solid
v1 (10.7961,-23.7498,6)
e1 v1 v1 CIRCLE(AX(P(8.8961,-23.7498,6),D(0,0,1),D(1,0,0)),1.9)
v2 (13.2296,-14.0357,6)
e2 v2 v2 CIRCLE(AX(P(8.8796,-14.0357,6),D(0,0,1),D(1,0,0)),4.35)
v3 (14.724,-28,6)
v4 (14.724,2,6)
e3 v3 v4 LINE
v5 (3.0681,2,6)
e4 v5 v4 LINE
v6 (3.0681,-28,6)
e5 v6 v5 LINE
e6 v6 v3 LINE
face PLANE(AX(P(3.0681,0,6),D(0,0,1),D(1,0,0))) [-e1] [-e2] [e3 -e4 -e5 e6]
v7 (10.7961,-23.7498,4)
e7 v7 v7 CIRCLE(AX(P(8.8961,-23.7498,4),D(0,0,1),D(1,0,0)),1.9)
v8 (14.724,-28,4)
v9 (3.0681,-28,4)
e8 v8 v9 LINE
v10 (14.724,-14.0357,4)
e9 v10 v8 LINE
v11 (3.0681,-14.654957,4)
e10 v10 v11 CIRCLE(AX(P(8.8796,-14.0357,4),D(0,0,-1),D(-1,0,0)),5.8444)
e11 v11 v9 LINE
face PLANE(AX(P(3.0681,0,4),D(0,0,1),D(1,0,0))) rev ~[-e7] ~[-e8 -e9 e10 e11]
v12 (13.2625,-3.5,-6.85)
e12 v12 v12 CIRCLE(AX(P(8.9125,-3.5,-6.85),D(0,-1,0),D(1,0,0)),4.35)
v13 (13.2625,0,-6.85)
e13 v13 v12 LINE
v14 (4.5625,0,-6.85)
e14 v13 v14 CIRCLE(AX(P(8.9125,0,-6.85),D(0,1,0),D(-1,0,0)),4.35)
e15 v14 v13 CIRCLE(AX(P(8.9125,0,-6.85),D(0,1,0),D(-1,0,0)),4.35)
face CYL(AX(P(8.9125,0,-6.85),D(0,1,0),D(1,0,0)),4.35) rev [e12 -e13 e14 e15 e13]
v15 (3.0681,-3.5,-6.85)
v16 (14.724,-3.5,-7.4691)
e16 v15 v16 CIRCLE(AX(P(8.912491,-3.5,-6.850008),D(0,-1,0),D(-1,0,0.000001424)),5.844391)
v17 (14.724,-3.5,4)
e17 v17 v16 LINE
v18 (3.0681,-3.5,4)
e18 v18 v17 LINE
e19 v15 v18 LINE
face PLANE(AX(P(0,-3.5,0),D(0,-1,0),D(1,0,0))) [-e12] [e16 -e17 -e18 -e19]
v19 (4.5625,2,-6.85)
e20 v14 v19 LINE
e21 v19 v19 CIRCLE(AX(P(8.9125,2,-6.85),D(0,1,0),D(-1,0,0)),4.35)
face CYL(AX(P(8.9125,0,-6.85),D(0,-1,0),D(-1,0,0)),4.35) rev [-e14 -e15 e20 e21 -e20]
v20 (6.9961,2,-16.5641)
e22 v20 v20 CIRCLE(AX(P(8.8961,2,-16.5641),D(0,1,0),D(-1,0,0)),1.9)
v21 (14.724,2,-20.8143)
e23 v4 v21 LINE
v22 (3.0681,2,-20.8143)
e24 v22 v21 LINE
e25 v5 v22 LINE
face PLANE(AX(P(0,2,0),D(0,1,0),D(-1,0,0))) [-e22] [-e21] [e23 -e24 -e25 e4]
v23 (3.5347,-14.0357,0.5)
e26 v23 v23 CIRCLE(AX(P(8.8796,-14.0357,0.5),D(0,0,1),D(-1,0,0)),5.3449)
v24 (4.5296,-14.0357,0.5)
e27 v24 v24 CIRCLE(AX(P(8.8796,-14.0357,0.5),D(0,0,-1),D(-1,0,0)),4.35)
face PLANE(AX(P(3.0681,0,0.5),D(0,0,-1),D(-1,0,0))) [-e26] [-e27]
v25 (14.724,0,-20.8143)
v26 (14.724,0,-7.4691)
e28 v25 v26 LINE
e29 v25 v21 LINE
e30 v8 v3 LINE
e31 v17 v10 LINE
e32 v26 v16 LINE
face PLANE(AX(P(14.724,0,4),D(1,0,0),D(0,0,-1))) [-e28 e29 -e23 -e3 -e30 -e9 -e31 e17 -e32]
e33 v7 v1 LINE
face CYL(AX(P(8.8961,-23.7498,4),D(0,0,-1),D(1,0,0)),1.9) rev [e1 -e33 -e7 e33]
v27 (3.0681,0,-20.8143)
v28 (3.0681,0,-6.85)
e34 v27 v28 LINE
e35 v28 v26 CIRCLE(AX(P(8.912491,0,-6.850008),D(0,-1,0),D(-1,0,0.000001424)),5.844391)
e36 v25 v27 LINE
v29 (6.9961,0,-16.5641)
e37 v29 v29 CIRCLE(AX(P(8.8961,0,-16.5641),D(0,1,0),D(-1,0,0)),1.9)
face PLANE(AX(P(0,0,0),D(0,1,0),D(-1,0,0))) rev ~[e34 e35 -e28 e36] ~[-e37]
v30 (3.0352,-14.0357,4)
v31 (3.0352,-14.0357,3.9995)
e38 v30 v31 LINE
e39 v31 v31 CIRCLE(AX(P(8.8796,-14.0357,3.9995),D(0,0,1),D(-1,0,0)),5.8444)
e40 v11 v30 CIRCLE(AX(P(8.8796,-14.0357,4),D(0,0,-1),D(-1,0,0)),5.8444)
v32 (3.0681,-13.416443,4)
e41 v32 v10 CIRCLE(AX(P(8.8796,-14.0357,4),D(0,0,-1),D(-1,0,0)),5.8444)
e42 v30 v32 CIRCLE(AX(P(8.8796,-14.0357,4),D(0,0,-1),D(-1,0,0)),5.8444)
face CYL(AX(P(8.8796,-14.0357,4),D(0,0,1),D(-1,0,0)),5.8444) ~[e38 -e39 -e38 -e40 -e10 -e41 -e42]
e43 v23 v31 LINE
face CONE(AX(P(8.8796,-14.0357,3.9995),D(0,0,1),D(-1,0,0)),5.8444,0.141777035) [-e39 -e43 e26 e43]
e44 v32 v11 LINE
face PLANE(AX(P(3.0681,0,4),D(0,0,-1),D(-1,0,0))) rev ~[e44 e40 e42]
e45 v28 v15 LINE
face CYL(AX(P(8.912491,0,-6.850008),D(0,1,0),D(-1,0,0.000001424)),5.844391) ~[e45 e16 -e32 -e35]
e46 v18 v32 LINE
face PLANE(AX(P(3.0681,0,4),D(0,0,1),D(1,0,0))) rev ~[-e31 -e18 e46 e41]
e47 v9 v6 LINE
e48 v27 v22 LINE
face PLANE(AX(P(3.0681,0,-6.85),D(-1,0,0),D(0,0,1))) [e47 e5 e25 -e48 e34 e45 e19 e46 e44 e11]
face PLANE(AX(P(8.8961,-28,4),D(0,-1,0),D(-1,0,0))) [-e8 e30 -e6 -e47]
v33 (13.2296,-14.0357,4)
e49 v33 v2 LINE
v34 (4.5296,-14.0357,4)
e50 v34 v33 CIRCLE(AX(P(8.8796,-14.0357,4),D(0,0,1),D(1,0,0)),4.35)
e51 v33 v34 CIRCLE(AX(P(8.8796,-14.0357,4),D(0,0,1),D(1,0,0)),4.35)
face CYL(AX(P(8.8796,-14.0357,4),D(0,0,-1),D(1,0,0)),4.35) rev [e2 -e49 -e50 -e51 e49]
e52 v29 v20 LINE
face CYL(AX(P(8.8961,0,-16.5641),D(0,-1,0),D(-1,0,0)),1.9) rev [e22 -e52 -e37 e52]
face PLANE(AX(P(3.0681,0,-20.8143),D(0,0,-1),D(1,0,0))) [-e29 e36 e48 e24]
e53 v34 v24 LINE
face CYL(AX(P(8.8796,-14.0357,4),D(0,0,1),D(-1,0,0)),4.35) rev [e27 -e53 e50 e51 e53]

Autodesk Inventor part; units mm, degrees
ref_plane "YZ Plane" through (0, 0, 0) normal (1, 0, 0) x (0, 1, 0)
ref_plane "XZ Plane" through (0, 0, 0) normal (0, 1, 0) x (-1, 0, 0)
ref_plane "XY Plane" through (0, 0, 0) normal (0, 0, 1) x (1, 0, 0)
sketch "Sketch1" plane through (0, 0, 0) normal (0, 1, 0) x (-1, 0, 0)
  line L0 (-2.2837, -0.9982) -> (0.008, -0.7055) construction
  line L1 (2.6844, -8.3272) -> (2.6844, -12.3272) construction
  line L2 (64.2192, 40.0403) -> (72.5206, 41.3734) construction
  line L3 (64.2192, 39.2192) -> (64.2192, 44.778) construction
  line L4 (-8.9125, -2.5) -> (-8.9125, -6.85) construction
  line L5 (-14.9605, -0.9982) -> (-2.2837, -0.9982) construction
  line L6 (55.95, 41.2553) -> (64.2192, 40.0403) construction
  circle A0 centre (-8.9125, -6.85) radius 4.35
  line L7 (-14.724, -20.8143) -> (-17.8001, -0.7055) construction
  line L8 (-3.0681, -20.8143) -> (0.008, -0.7055) construction
  line L9 (-11.8961, -14.832) -> (-8.8961, -13.1) construction
  line L10 (-8.8961, -13.1) -> (-5.8961, -14.832) construction
  line L11 (-3.0681, -20.8143) -> (-14.724, -20.8143)
  circle A1 centre (-8.8961, -16.5641) radius 1.9
  line L12 (64.2192, 39.2192) -> (64.2192, 43.7357)
  line L13 (-14.9605, -0.9982) -> (-17.8001, -0.7055) construction
  line L14 (-8.8961, -20.8143) -> (-3.0681, -20.8143) construction
  line L15 (-14.724, -20.8143) -> (-3.0681, -20.8143) construction
  line L16 (-8.8258, -6.8795) -> (-8.8093, -6.8795) construction
  line L17 (-5.8961, -14.832) -> (-5.3727, -20.8143) construction
  line L18 (-11.8961, -14.832) -> (-12.4194, -20.8143) construction
  line L19 (-14.2025, 0) -> (-14.2025, -2.5) construction
  line L20 (-14.2025, -2.5) -> (-3.6225, -2.5) construction
  line L21 (-8.9125, -2.5) -> (-8.9125, 0.8916) construction
  line L22 (-3.6225, -20.8143) -> (-14.2025, -20.8143) construction
  line L23 (-3.6225, -20.8143) -> (-14.2025, -20.8143)
  line L24 (-8.9125, -6.85) -> (-13.2625, -6.85) construction
  line L25 (-13.2625, -6.85) -> (-14.2025, -6.85) construction
  line L26 (-3.0681, -20.8143) -> (-3.0681, 0)
  line L27 (-14.724, -20.8143) -> (-14.724, 0) construction
  line L28 (-14.724, 0) -> (-14.2025, 0) construction
  line L29 (-14.724, -20.8143) -> (-14.724, 0)
  line L30 (-14.2025, 0) -> (-14.724, 0)
  line L31 (-3.0681, 0) -> (-3.0681, 4)
  line L32 (-3.0681, 4) -> (-14.724, 4)
  line L33 (-14.724, 0) -> (-14.724, 4)
  point P0 (-0.8016, -0.9982)
  point P1 (-16.9905, -0.9982)
  point P2 (-5.8961, -16.5641)
  point P3 (-8.8961, -16.5641)
  point P4 (-11.8961, -20.8143)
  point P5 (-5.8961, -20.8143)
  dimension "d27" = 3.8
  dimension "d28" = 4
  dimension "d29" = 0.0164
  dimension "d31" = 2.5
  dimension "d36" = 4
extrude "Extrusion1" add sketch "Sketch1" along normal blind 2
sketch "Sketch5" plane through (3.0681, 0, 4) normal (0, 0, 1) x (1, 0, 0)
  line L0 (5.6876, -20.2886) -> (8.131, -18.0087) construction
  line L1 (5.8983, -14.0653) -> (5.9147, -14.0653) construction
  line L2 (0, -28) -> (-3.0761, -7.8912) construction
  circle A0 centre (5.8115, -14.0357) radius 4.35
  line L3 (11.6559, -28) -> (14.732, -7.8912) construction
  line L4 (5.8115, -9.6857) -> (5.8115, -14.0357) construction
  line L5 (-22.6444, -7.0488) -> (-20.3527, -6.7561) construction
  circle A1 centre (5.828, -23.7498) radius 1.9
  line L6 (2.828, -22.0178) -> (2.3046, -28) construction
  line L7 (11.6559, -28) -> (0, -28) construction
  line L8 (0, -28) -> (11.6559, -28) construction
  line L9 (5.828, -28) -> (11.6559, -28) construction
  line L10 (8.131, -18.0087) -> (9.3514, -28) construction
  line L11 (2.828, -22.0178) -> (5.6876, -20.2886) construction
  line L12 (-35.3212, -7.0488) -> (-22.6444, -7.0488) construction
  line L13 (-35.3212, -7.0488) -> (-38.1608, -6.7561) construction
  line L14 (0.5215, -7.1857) -> (0.5215, -9.6857) construction
  line L15 (0.5215, -9.6857) -> (11.1015, -9.6857) construction
  line L16 (5.8115, -9.6857) -> (5.8115, -6.2941) construction
  line L17 (11.1015, -28) -> (0.5215, -28) construction
  line L18 (11.1015, -28) -> (0.5215, -28) construction
  line L19 (5.8115, -14.0357) -> (1.4615, -14.0357) construction
  line L20 (1.4615, -14.0357) -> (0.5215, -14.0357) construction
  line L21 (11.6559, -28) -> (11.6559, -7.1857) construction
  line L22 (0, -28) -> (0, -7.1857) construction
  line L23 (-35.0847, -6.0506) -> (-34.5632, -6.0506) construction
  line L24 (0, -28) -> (0, -7.1857) construction
  line L25 (-34.5632, -6.0506) -> (-35.0847, -6.0506) construction
  line L26 (-23.4288, -6.0506) -> (-23.4288, -2.0506) construction
  line L27 (-23.4288, -2.0506) -> (-35.0847, -2.0506) construction
  line L28 (-35.0847, -6.0506) -> (-35.0847, -2.0506) construction
  line L29 (0, 0) -> (11.6559, 0) projected
  line L30 (11.6559, 0) -> (11.6559, 2) projected
  line L31 (0, 2) -> (11.6559, 2) projected
  line L32 (0, 0) -> (0, 2) projected
  line L33 (0, 2) -> (11.6559, 2)
  line L34 (11.6559, 2) -> (11.6559, -28)
  line L35 (11.6559, -28) -> (0, -28)
  line L36 (0, -28) -> (0, 2)
  line L37 (5.828, -28) -> (5.828, -33.9662)
  line L38 (5.828, -28) -> (5.7489, -34.6939)
  point P0 (-4.0686, -7.3836)
  point P1 (8.828, -23.7498)
  point P2 (2.828, -28)
  point P3 (8.828, -28)
  point P4 (-37.3512, -7.0488)
  dimension "d38" = 3.8
  dimension "d40" = 0.0164
  dimension "d41" = 2.5
  dimension "d42" = 4
  dimension "d43" = 30
extrude "Extrusion5" add sketch "Sketch5" along normal blind 2
sketch "Sketch6" plane through (3.0681, 0, 4) normal (0, 0, -1) x (-1, 0, 0)
  line L0 (0, 0) -> (-11.6559, 0) projected
  line L1 (-11.6559, -28) -> (-11.6559, 0) projected
  line L2 (0, -28) -> (-11.6559, -28) projected
  line L3 (0, 0) -> (0, -28) projected
  circle A0 centre (-5.828, -23.7498) radius 1.9 projected
  circle A1 centre (-5.8115, -14.0357) radius 4.35 projected
  circle A2 centre (-5.8115, -14.0357) radius 4.35
  circle A3 centre (-5.8115, -14.0357) radius 5.8444
  line L4 (-11.6559, -28) -> (-11.6559, 0) projected
  point P0 (3.0681, 0)
extrude "Extrusion6" add sketch "Sketch6" along normal blind 3.5 contours A3 L3 | L3 A3
chamfer "Chamfer1" distance 0.5 distance2 3.5 1 edges at (14.724, -14.0357, 0.5) measured on face at (3.6321, -14.849, 0.5)
sketch "Sketch8" plane through (0, 0, 0) normal (0, -1, 0) x (1, 0, 0)
  circle A0 centre (8.9125, -6.85) radius 4.35 projected
  circle A1 centre (8.8961, -16.5641) radius 1.9 projected
  line L0 (14.724, -20.8143) -> (3.0681, -20.8143) projected
  line L1 (14.724, 4) -> (14.724, -20.8143) projected
  line L2 (3.0681, 4) -> (14.724, 4) projected
  line L3 (3.0681, -20.8143) -> (3.0681, 4) projected
  arc A2 (3.0681, -6.85) -> (14.724, -7.4691) centre (8.9125, -6.85) ccw
  line L4 (48.394, -18.4641) -> (53.1571, -15.7141)
  line L5 (51.5694, -18.4641) -> (49.9817, -21.2141)
  line L6 (49.9817, -21.2141) -> (46.8063, -21.2141)
  line L7 (46.8063, -21.2141) -> (45.2186, -18.4641)
  line L8 (45.2186, -18.4641) -> (46.8063, -15.7141)
  line L9 (46.8063, -15.7141) -> (49.9817, -15.7141)
  line L10 (49.9817, -15.7141) -> (51.5694, -18.4641)
  line L11 (8.8961, -16.5641) -> (13.6592, -13.8141)
  line L12 (12.0715, -16.5641) -> (10.4838, -19.3141)
  line L13 (10.4838, -19.3141) -> (7.3083, -19.3141)
  line L14 (7.3083, -19.3141) -> (5.7206, -16.5641)
  line L15 (5.7206, -16.5641) -> (7.3083, -13.8141)
  line L16 (7.3083, -13.8141) -> (10.4838, -13.8141)
  line L17 (10.4838, -13.8141) -> (12.0715, -16.5641)
  point P0 (0, 0)
  point P1 (50.7756, -17.0891)
  point P2 (11.2776, -15.1891)
  dimension "d53" = 5.5
  dimension "d54" = 5.5
extrude "Extrusion7" add sketch "Sketch8" along normal blind 3.5 contours A2 L3 L2 L1
properties part number "Now as three El L"
